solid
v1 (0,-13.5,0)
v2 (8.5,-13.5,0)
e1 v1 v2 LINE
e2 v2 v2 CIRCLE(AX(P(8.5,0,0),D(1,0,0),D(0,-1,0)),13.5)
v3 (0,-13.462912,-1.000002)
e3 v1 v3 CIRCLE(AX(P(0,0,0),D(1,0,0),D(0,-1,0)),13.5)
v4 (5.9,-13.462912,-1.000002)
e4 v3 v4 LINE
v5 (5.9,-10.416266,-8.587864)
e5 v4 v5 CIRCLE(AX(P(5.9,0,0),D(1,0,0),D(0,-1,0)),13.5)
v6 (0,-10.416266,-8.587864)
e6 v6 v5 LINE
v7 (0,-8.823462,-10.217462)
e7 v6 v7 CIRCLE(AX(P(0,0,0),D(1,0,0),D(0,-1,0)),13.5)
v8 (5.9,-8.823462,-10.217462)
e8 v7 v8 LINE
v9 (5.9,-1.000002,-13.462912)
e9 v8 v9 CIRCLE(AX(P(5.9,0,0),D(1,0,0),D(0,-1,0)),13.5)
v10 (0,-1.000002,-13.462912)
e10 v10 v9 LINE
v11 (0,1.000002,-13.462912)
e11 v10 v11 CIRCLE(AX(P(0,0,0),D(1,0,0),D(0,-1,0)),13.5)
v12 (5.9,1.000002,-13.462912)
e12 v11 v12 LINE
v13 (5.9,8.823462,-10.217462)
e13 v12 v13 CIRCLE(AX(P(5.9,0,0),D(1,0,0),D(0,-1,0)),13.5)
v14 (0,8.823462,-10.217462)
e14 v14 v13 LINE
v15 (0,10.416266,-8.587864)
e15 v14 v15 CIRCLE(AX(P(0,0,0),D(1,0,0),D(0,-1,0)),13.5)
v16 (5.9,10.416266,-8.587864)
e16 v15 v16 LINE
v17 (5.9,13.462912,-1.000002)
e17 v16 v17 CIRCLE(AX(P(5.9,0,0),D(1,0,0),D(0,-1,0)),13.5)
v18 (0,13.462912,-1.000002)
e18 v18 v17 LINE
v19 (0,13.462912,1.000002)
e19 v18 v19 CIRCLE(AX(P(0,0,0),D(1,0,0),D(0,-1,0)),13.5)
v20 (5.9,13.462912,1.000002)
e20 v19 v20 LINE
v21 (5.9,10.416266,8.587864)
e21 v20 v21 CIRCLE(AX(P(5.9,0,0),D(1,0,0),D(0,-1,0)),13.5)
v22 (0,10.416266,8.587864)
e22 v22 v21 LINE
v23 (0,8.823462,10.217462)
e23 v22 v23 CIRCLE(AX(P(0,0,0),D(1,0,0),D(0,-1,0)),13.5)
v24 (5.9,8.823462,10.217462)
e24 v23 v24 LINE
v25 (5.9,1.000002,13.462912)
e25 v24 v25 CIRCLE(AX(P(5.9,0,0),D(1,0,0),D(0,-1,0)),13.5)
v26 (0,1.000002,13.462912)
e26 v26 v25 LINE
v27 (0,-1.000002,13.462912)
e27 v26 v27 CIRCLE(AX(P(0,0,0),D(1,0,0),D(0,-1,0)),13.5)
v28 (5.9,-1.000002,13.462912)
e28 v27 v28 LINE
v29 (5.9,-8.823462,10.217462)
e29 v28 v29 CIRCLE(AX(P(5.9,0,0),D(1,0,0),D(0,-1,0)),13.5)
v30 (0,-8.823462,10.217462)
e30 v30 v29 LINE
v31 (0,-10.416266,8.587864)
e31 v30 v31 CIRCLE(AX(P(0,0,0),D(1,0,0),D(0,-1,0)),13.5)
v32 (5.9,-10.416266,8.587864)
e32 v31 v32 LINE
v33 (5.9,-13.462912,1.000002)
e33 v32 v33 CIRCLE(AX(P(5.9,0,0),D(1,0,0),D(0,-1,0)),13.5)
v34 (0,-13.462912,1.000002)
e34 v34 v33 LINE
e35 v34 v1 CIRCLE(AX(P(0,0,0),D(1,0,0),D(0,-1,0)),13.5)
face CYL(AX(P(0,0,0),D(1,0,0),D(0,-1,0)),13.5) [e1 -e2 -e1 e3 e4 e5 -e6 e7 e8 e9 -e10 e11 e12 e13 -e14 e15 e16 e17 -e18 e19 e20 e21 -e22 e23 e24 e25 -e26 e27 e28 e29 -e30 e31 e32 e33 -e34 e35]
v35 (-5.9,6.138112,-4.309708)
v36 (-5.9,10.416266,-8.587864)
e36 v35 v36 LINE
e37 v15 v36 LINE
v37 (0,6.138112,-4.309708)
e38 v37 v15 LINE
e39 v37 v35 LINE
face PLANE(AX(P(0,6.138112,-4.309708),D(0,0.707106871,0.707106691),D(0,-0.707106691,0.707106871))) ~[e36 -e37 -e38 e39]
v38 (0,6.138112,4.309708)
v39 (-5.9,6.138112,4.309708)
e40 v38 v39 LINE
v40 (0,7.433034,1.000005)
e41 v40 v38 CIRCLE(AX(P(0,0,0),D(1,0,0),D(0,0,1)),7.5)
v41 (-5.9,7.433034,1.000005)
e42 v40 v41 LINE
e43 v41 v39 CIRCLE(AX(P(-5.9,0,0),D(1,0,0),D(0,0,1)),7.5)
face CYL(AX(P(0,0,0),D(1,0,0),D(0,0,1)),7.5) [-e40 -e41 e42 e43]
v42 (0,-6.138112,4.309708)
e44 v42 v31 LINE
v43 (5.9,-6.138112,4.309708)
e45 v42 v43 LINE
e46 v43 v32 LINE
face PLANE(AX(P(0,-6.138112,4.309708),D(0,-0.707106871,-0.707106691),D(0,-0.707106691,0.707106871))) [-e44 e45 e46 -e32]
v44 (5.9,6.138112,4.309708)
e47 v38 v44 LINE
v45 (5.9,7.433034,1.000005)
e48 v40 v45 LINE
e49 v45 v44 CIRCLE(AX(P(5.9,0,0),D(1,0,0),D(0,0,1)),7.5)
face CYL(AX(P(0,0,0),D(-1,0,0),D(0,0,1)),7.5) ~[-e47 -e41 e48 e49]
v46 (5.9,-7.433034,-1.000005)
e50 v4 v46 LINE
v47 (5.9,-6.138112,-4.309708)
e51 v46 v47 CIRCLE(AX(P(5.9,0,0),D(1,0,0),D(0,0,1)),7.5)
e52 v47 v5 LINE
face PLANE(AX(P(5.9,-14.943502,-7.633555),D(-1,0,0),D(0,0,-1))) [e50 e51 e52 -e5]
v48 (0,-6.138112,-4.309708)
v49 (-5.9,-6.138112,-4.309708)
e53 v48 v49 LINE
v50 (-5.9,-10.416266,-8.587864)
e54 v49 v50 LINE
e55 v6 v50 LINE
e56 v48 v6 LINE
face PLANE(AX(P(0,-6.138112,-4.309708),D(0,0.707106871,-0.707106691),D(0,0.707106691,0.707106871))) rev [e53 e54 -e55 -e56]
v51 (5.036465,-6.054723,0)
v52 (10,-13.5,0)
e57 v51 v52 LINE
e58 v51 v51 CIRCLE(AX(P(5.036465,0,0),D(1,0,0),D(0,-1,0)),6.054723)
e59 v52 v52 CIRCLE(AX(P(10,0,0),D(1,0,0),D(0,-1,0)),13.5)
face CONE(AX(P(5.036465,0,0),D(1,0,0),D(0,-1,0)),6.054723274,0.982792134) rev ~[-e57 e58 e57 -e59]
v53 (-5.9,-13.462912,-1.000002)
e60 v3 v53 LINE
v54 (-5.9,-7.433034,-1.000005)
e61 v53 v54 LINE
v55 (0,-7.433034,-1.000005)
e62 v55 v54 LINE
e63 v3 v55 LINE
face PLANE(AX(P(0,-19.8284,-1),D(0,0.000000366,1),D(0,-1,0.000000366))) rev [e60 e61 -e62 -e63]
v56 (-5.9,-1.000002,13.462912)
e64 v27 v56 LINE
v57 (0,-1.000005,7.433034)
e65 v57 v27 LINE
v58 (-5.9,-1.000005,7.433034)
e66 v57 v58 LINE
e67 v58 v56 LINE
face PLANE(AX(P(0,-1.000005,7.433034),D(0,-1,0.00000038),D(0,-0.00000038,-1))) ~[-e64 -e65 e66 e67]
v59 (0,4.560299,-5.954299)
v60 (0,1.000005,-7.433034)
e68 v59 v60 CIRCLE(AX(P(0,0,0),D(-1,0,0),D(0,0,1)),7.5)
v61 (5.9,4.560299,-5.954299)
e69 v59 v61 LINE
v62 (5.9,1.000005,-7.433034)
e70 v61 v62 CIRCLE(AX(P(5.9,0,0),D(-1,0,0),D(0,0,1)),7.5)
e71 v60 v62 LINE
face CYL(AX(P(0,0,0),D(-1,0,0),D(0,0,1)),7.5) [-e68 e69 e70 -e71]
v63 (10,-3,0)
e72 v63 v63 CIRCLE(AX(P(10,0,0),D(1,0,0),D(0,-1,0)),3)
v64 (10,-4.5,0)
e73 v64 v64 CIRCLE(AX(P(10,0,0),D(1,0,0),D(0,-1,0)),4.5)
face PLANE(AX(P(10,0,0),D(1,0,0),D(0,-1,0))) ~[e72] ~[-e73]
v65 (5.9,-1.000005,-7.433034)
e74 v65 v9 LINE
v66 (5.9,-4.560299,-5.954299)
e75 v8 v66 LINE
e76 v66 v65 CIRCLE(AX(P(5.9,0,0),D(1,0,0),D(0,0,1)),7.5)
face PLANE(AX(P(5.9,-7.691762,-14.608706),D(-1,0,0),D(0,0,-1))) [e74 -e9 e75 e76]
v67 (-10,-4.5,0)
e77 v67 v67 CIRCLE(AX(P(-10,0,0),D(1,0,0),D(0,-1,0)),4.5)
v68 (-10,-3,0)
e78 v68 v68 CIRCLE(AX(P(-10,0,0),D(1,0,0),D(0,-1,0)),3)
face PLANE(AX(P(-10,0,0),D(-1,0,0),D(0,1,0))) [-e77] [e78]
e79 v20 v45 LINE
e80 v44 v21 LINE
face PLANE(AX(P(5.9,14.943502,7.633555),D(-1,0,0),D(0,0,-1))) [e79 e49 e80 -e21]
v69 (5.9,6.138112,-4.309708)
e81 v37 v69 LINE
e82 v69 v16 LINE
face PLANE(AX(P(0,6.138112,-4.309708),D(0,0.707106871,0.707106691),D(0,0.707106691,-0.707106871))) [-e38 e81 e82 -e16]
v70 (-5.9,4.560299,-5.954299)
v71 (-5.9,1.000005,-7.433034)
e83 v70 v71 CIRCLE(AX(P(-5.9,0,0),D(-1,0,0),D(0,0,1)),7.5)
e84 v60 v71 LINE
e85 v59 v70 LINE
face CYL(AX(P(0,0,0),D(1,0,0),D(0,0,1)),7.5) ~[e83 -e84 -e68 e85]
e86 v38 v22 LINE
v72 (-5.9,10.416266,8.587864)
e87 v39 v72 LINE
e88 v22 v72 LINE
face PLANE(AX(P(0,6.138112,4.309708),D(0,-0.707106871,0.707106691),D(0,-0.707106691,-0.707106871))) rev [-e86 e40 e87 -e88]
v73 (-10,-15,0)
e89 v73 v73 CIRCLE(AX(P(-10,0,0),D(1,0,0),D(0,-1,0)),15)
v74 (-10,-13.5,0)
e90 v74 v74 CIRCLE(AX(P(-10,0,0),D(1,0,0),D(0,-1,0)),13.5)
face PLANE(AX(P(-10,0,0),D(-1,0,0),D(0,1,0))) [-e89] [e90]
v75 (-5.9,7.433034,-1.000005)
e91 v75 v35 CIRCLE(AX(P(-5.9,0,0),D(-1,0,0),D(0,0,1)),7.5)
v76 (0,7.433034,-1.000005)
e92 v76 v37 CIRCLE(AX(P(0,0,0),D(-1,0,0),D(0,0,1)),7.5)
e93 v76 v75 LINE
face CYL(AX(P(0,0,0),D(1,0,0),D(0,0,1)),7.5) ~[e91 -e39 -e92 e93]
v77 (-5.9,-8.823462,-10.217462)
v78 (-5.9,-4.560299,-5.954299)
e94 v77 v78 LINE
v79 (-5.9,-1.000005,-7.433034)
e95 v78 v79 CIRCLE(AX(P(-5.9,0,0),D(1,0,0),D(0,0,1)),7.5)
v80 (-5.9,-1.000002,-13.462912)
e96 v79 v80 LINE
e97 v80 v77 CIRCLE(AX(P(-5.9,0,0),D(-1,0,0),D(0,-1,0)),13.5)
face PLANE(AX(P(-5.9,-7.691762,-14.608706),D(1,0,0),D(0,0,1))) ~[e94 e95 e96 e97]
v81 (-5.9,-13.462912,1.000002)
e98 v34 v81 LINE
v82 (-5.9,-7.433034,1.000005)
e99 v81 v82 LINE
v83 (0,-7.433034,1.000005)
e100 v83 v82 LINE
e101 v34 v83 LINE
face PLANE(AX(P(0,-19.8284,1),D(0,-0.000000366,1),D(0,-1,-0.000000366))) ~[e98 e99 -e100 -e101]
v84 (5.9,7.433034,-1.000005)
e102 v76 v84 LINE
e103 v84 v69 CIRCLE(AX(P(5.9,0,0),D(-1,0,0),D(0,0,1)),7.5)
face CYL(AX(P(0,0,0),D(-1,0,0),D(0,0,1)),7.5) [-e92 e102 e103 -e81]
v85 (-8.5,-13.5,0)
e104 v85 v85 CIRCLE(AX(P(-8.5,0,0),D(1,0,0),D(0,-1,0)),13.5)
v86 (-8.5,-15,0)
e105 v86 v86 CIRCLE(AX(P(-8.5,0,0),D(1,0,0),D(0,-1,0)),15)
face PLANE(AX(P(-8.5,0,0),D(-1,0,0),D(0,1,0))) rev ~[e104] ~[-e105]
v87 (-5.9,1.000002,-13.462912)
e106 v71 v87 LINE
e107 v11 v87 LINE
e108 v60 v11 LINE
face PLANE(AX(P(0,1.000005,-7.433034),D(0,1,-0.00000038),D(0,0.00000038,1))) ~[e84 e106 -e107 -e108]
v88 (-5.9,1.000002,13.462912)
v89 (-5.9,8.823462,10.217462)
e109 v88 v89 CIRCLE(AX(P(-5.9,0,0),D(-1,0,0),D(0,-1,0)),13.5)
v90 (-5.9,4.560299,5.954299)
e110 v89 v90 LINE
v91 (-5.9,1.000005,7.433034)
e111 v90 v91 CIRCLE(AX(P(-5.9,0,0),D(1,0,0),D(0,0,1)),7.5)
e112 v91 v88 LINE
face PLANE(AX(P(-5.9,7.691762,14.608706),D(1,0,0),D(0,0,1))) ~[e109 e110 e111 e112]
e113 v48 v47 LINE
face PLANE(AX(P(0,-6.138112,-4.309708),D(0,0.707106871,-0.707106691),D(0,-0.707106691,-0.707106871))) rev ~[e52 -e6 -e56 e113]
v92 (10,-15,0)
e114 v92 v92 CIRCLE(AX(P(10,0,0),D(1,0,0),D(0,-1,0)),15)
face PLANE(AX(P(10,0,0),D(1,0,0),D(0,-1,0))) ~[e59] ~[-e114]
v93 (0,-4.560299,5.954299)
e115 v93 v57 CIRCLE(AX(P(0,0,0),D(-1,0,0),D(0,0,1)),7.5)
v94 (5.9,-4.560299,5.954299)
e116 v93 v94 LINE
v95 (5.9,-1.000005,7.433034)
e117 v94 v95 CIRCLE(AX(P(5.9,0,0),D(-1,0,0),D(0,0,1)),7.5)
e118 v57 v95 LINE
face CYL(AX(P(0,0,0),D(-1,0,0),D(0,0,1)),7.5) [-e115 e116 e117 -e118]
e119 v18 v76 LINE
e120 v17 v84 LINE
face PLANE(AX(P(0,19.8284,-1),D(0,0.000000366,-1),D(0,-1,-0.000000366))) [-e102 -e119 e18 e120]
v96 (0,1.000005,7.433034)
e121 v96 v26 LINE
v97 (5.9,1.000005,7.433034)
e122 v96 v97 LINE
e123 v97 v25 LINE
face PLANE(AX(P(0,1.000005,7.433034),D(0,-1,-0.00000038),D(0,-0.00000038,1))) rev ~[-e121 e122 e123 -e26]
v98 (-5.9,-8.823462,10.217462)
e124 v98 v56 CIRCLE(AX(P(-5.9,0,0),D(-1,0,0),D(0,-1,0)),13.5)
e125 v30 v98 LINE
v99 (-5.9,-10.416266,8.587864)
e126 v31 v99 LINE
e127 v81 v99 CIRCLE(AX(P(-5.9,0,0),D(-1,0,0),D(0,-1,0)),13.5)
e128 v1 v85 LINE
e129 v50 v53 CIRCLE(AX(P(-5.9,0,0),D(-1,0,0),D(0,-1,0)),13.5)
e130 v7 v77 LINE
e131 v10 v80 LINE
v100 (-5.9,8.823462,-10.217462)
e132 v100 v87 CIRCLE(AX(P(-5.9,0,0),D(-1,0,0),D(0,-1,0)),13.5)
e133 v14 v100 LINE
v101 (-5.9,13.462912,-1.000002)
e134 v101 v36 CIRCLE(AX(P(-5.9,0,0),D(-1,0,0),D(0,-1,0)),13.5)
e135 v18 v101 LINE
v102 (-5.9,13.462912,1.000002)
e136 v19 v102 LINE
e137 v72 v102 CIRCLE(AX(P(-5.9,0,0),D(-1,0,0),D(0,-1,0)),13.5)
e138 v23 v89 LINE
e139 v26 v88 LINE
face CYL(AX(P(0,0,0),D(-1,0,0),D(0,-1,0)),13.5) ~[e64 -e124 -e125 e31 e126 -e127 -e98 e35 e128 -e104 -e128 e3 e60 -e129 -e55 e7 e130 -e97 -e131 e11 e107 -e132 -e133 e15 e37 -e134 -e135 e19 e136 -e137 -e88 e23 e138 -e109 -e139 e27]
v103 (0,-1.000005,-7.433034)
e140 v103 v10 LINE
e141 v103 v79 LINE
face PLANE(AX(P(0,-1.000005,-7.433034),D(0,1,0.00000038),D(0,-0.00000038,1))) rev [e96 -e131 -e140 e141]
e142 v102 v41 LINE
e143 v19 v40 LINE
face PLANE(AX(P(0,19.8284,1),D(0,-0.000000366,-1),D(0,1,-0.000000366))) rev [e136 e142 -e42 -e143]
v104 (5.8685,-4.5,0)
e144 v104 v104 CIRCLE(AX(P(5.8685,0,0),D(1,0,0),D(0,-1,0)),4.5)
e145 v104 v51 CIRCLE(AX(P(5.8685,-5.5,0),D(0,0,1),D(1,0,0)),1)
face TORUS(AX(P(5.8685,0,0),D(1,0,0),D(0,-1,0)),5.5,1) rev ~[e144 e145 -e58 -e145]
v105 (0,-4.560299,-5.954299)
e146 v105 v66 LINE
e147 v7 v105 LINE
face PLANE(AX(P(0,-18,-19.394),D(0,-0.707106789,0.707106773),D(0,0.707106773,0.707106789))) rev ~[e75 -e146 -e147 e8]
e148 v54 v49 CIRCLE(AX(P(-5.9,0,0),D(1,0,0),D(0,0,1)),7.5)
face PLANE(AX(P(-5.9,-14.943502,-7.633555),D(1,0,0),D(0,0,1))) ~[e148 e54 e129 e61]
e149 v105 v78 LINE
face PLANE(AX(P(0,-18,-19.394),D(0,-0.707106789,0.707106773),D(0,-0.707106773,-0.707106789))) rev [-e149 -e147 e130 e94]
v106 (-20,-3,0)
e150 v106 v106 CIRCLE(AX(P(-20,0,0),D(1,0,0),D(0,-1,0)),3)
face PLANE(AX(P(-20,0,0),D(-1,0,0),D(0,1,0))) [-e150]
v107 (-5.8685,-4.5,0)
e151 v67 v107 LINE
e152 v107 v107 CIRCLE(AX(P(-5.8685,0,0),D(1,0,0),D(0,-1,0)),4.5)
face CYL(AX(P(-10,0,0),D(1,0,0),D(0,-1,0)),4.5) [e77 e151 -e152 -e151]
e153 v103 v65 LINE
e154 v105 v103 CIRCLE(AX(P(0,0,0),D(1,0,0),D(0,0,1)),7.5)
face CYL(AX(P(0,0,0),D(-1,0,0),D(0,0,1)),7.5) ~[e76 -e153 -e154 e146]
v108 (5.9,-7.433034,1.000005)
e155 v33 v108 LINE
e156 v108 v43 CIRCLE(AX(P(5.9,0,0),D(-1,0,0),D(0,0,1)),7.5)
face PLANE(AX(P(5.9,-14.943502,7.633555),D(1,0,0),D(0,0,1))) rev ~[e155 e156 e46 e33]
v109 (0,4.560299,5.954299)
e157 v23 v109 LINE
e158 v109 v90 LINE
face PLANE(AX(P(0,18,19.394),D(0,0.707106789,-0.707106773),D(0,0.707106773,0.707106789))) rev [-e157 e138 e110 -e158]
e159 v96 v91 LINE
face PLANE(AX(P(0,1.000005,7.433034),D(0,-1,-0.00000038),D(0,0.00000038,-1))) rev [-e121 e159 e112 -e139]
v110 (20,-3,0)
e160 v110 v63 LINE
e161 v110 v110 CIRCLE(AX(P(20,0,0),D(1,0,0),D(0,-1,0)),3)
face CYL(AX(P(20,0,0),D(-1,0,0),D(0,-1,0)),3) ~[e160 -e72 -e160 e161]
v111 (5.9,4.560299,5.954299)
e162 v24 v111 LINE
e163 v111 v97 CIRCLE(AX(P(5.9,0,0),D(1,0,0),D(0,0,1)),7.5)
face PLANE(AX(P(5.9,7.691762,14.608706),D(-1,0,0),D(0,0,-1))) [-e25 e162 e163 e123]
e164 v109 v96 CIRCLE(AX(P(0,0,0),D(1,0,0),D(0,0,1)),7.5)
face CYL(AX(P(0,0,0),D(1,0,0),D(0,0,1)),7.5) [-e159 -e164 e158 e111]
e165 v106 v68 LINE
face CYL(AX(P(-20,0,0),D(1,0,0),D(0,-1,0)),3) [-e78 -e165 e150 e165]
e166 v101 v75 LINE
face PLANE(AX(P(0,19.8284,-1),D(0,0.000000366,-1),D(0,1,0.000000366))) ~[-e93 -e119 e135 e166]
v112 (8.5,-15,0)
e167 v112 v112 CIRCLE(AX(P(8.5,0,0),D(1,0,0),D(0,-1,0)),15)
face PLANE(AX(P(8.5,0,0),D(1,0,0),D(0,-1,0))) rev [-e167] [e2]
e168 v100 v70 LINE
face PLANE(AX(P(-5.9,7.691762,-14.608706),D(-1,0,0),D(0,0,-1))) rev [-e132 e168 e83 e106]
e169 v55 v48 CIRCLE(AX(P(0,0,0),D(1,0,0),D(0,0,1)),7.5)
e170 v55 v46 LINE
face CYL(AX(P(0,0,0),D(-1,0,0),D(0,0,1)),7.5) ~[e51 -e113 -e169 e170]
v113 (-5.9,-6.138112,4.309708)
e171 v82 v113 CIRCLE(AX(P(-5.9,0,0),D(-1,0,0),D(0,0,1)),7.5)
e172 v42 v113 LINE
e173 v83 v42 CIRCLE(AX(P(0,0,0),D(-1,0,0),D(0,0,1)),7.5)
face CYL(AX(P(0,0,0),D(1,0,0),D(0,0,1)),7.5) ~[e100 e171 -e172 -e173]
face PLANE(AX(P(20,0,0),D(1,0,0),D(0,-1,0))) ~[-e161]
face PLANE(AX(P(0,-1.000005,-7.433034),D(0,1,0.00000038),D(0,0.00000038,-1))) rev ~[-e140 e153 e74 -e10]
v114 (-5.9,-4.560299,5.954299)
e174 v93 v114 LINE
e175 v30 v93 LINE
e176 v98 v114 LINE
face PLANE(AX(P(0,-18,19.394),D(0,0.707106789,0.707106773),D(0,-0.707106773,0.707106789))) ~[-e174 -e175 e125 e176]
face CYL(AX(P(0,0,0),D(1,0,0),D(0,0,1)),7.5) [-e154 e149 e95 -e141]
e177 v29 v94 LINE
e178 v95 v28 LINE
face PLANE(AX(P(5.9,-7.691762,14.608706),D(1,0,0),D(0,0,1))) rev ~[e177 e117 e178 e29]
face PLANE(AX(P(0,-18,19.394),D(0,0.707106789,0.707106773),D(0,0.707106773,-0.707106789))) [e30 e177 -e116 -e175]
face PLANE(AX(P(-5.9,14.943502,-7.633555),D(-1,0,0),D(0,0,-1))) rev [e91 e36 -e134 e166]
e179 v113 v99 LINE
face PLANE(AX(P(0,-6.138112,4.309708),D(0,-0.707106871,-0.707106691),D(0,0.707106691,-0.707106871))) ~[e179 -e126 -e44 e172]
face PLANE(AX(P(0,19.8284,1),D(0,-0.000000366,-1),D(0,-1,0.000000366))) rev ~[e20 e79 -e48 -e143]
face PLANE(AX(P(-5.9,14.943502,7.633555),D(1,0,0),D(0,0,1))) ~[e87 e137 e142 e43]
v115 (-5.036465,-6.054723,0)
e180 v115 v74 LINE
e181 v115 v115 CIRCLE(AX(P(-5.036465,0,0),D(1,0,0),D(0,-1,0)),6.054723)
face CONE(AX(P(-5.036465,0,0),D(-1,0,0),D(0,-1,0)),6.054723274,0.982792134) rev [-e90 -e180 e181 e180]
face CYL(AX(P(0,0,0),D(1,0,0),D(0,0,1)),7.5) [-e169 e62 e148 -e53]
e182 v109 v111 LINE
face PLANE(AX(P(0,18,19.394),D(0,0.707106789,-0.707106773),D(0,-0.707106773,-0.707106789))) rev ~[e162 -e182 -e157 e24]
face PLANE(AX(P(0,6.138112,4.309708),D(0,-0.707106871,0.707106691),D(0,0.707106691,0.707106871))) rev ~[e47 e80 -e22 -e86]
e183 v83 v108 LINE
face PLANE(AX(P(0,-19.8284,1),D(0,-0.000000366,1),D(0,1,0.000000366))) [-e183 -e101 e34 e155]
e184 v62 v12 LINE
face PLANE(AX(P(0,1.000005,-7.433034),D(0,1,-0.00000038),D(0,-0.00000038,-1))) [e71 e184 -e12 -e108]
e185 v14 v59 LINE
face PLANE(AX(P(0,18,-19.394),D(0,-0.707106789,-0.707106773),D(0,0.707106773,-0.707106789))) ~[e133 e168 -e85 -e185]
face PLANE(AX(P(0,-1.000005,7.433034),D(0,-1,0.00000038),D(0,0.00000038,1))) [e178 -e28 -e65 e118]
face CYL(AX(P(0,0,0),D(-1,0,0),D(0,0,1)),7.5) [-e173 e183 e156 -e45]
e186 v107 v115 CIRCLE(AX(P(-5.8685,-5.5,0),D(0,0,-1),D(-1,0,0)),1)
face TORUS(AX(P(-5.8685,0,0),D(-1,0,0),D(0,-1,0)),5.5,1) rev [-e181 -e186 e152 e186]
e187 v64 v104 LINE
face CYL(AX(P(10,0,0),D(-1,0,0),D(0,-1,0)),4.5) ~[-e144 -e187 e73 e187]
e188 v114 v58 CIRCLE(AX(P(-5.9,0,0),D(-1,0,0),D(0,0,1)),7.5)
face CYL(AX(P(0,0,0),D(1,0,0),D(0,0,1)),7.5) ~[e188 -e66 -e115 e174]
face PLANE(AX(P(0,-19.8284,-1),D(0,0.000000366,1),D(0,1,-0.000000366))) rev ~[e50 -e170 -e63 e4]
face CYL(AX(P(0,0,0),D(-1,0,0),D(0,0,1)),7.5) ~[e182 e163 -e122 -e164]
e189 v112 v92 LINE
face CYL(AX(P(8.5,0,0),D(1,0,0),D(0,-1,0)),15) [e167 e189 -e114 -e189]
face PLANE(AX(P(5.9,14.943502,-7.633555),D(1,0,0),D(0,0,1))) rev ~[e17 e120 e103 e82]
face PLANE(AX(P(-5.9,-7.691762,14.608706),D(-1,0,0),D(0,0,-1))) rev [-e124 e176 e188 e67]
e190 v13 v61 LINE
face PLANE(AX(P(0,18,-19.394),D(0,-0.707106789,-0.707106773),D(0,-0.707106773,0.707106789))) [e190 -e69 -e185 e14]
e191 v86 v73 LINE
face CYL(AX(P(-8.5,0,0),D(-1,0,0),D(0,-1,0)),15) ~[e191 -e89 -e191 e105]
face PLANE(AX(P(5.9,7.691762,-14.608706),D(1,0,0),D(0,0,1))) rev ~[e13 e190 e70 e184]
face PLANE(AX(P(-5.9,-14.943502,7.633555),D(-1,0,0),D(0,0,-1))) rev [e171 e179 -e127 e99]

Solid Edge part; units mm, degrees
sketch "Sketch1" plane through (0, 0, 0) normal (0, 0, 1) x (1, 0, 0)
  line L0 (20, -3) -> (10, -3)
  line L1 (10, -3) -> (10, -4.5)
  line L2 (10, -4.5) -> (5.8685, -4.5)
  arc A0 (5.8685, -4.5) -> (5.0365, -6.0547) centre (5.8685, -5.5) ccw
  line L3 (5.0365, -6.0547) -> (10, -13.5)
  line L4 (10, -13.5) -> (10, -15)
  line L5 (8.5, -15) -> (10, -15)
  line L6 (8.5, -13.5) -> (8.5, -15)
  line L7 (0, -13.5) -> (8.5, -13.5)
  line L8 (0, 0) -> (0, -13.5)
  line L9 (0, 0) -> (20, 0)
  line L10 (20, 0) -> (20, -3)
revolve "RevolvedProtrusion1" add sketch "Sketch1" angle 360 about axis through (0, 0, 0) along (1, 0, 0)
sketch "Sketch2" plane through (0, 0, 0) normal (-1, 0, 0) x (0, 0, 1)
  line L0 (-7.433, 1) -> (-19.394, 1)
  line L1 (-19.394, 1) -> (-19.394, 18)
  line L2 (-19.394, 18) -> (-5.9543, 4.5603)
  arc A0 (-5.9543, 4.5603) -> (-7.433, 1) centre (0, 0) ccw
  line L3 (-7.433, -1) -> (-19.394, -1)
  line L4 (-19.394, -1) -> (-19.394, -18)
  line L5 (-19.394, -18) -> (-5.9543, -4.5603)
  arc A1 (-5.9543, -4.5603) -> (-7.433, -1) centre (0, 0) cw
  line L6 (-4.3097, -6.1381) -> (-18, -19.8284)
  line L7 (-18, -19.8284) -> (-1, -19.8284)
  line L8 (-1, -19.8284) -> (-1, -7.433)
  arc A2 (-1, -7.433) -> (-4.3097, -6.1381) centre (0, 0) cw
  line L9 (1, -19.8284) -> (1, -7.433)
  arc A3 (1, -7.433) -> (4.3097, -6.1381) centre (0, 0) ccw
  line L10 (4.3097, -6.1381) -> (18, -19.8284)
  line L11 (18, -19.8284) -> (1, -19.8284)
  line L12 (19.394, -18) -> (5.9543, -4.5603)
  arc A4 (5.9543, -4.5603) -> (7.433, -1) centre (0, 0) ccw
  line L13 (7.433, -1) -> (19.394, -1)
  line L14 (19.394, -1) -> (19.394, -18)
  line L15 (7.433, 1) -> (19.394, 1)
  line L16 (19.394, 1) -> (19.394, 18)
  line L17 (19.394, 18) -> (5.9543, 4.5603)
  arc A5 (5.9543, 4.5603) -> (7.433, 1) centre (0, 0) cw
  line L18 (4.3097, 6.1381) -> (18, 19.8284)
  line L19 (18, 19.8284) -> (1, 19.8284)
  line L20 (1, 19.8284) -> (1, 7.433)
  arc A6 (1, 7.433) -> (4.3097, 6.1381) centre (0, 0) cw
  line L21 (-1, 19.8284) -> (-1, 7.433)
  arc A7 (-1, 7.433) -> (-4.3097, 6.1381) centre (0, 0) ccw
  line L22 (-4.3097, 6.1381) -> (-18, 19.8284)
  line L23 (-18, 19.8284) -> (-1, 19.8284)
extrude "Cutout1" cut sketch "Sketch2" against normal blind 5.9
mirror "Mirror1" about plane through (0, 0, 0) normal (1, 0, 0) of "RevolvedProtrusion1", "Cutout1"
